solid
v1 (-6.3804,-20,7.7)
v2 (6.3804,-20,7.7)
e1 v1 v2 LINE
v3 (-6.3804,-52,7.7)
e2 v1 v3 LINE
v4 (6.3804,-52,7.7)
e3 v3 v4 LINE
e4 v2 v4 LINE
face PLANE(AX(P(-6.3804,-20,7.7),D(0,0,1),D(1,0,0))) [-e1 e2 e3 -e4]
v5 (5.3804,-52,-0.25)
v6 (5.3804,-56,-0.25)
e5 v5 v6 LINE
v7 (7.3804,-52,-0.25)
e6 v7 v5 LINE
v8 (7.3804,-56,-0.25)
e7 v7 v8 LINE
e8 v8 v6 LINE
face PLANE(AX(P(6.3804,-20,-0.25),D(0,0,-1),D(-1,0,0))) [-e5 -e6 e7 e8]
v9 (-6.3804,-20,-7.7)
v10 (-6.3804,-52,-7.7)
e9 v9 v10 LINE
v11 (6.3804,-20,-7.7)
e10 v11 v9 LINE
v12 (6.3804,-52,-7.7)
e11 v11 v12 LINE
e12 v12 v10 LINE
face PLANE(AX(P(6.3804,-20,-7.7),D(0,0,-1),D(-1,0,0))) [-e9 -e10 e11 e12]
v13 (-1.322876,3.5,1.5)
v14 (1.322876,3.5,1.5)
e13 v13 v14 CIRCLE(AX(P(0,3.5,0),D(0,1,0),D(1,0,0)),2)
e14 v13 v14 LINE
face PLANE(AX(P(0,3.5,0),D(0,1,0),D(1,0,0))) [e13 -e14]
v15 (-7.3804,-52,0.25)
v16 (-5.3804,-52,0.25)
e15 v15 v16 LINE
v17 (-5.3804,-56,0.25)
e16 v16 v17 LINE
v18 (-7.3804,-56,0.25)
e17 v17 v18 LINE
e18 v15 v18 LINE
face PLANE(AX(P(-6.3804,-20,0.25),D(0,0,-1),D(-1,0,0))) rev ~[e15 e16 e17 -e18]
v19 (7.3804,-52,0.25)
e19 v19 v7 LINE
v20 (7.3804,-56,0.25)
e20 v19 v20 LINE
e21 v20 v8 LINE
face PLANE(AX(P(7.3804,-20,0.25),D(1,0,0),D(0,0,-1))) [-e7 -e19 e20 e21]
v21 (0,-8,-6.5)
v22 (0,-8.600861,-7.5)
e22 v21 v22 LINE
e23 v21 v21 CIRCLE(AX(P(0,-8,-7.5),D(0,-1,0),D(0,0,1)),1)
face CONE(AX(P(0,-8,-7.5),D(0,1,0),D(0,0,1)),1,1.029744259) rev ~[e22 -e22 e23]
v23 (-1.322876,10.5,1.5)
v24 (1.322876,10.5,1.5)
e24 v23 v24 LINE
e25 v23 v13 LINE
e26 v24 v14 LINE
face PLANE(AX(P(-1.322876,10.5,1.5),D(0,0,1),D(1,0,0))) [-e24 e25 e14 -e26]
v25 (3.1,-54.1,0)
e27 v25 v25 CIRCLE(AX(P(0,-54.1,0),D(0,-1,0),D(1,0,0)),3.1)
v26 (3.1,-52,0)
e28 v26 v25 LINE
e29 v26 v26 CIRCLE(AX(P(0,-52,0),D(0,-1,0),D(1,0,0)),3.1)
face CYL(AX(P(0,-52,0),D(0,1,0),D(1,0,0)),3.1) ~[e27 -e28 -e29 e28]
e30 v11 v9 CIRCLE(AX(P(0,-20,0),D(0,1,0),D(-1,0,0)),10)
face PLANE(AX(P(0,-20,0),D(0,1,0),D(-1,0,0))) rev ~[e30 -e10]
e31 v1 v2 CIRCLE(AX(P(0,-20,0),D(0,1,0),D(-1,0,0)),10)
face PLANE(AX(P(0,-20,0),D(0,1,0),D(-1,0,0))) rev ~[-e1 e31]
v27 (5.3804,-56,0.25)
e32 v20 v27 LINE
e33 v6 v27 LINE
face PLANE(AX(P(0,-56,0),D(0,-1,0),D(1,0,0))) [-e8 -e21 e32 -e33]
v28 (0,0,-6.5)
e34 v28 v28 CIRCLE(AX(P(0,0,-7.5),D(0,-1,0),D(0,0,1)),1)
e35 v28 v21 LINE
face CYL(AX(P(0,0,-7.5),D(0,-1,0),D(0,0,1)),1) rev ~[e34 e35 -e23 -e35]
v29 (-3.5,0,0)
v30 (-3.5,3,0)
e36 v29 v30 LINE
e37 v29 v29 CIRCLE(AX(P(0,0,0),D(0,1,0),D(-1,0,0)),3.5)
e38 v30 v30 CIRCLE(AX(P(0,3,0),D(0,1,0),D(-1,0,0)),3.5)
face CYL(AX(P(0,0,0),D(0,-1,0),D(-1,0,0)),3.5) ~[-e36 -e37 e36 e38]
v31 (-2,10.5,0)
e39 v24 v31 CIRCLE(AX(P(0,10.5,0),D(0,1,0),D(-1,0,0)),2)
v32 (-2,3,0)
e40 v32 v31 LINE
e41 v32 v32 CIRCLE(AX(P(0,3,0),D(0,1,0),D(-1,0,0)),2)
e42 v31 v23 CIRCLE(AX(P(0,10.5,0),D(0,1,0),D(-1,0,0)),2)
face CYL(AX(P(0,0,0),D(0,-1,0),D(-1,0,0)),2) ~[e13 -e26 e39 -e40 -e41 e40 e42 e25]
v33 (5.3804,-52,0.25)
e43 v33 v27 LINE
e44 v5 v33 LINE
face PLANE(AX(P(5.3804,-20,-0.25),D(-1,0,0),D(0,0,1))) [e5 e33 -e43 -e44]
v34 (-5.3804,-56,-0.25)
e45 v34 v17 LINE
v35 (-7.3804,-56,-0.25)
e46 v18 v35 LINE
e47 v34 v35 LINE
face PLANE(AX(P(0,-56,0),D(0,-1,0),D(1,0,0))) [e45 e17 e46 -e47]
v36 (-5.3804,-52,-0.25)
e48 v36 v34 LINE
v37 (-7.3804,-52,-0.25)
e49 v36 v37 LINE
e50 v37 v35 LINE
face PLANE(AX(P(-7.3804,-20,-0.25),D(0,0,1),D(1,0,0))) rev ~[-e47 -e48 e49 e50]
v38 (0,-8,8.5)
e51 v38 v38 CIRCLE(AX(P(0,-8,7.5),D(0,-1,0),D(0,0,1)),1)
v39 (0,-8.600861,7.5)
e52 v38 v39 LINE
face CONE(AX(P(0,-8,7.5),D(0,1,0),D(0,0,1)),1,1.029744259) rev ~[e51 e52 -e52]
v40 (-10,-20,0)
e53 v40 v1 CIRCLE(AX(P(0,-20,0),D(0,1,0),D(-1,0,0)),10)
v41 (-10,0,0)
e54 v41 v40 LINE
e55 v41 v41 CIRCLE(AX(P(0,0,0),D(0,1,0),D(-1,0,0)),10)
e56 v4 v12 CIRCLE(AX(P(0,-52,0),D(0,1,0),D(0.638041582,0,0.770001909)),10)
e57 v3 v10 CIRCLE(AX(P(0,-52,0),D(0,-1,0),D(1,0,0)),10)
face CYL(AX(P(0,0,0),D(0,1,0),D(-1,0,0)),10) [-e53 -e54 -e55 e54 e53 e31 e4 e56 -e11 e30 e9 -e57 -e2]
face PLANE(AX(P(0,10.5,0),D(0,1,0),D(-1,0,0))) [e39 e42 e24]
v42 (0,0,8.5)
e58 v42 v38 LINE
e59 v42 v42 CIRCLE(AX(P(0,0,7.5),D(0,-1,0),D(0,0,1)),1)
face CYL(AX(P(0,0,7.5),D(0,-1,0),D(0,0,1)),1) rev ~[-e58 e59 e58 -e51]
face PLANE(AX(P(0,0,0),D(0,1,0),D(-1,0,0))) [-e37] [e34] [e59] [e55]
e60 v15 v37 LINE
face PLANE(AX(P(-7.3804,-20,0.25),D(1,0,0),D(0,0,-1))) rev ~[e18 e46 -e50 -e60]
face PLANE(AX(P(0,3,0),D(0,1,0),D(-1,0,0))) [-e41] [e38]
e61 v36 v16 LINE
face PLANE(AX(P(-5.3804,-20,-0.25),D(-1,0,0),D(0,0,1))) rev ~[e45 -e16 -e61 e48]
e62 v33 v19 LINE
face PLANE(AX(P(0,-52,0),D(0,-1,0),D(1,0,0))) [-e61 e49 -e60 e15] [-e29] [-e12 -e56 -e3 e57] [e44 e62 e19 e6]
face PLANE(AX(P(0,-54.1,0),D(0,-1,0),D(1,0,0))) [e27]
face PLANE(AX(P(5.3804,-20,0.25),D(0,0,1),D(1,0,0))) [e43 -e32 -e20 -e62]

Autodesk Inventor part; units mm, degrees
ref_plane "YZ Plane" through (0, 0, 0) normal (1, 0, 0) x (0, 1, 0)
ref_plane "XZ Plane" through (0, 0, 0) normal (0, 1, 0) x (-1, 0, 0)
ref_plane "XY Plane" through (0, 0, 0) normal (0, 0, 1) x (1, 0, 0)
sketch "Эскиз1" plane through (0, 0, 0) normal (0, 1, 0) x (-1, 0, 0)
  circle A0 centre (0, 0) radius 10
  circle A1 centre (0, 0) radius 3.5
  circle A2 centre (0, 0) radius 2
  dimension "d0" = 20
  dimension "d1" = 7
  dimension "d2" = 4
extrude "Выдавливание1" add sketch "Эскиз1" against normal blind 20 contours A0 | A1 | A2
extrude "Выдавливание2" add sketch "Эскиз1" along normal blind 3 contours A1
extrude "Выдавливание3" add sketch "Эскиз1" along normal blind 10.5 contours A2
sketch "Эскиз2" plane through (0, 10.5, 0) normal (0, 1, 0) x (1, 0, 0)
  circle A0 centre (0, 0) radius 2 projected
  circle A1 centre (0, 0) radius 2 projected
  circle A2 centre (0, 0) radius 3.5 projected
  line L0 (-3.1623, -1.5) -> (3.1623, -1.5)
  point P0 (0, 2)
  point P1 (0, 3.5)
  point P2 (1.3229, -1.5)
  point P3 (-1.3229, -1.5)
  dimension "d9" = 1.5
extrude "Выдавливание4" cut sketch "Эскиз2" against normal blind 7 contours L0 A0 picked at (0.3089, -1.5908)
sketch "Эскиз3" plane through (0, -20, 0) normal (0, -1, 0) x (1, 0, 0)
  line L0 (6.3804, -7.7) -> (-6.3804, -7.7)
  line L1 (-6.3804, -7.7) -> (-6.3804, 7.7)
  line L2 (-6.3804, 7.7) -> (6.3804, 7.7)
  line L3 (6.3804, 7.7) -> (6.3804, -7.7)
  circle A0 centre (0, 0) radius 10 projected
  arc A1 (6.3804, -7.7) -> (6.3804, 7.7) centre (0, 0) ccw
  arc A2 (-6.3804, 7.7) -> (-6.3804, -7.7) centre (0, 0) ccw
  line L4 (5.3804, 0.25) -> (7.3804, 0.25)
  line L5 (7.3804, 0.25) -> (7.3804, -0.25)
  line L6 (7.3804, -0.25) -> (5.3804, -0.25)
  line L7 (5.3804, -0.25) -> (5.3804, 0.25)
  line L8 (5.3804, 0.25) -> (7.3804, -0.25) construction
  line L9 (0, -7.7) -> (0, 7.7) construction
  line L10 (-5.3804, 0.25) -> (-7.3804, 0.25)
  line L11 (-7.3804, 0.25) -> (-7.3804, -0.25)
  line L12 (-7.3804, -0.25) -> (-5.3804, -0.25)
  line L13 (-5.3804, -0.25) -> (-5.3804, 0.25)
  point P0 (6.3804, 0)
  point P1 (-6.3804, -7.7)
  dimension "d12" = 15.4
  dimension "d13" = 2
  dimension "d14" = 0.5
extrude "Выдавливание5" add sketch "Эскиз3" along normal blind 36 contours L6 L7 L4 L3 | L3 L4 L5 L6 | L12 L11 L10 L1 | L1 L10 L13 L12
extrude "Выдавливание6" add sketch "Эскиз3" along normal blind 32 contours L0 L1 L12 L13 L10 L2 L3 L4 L7 L6 | L3 L6 L5 L4 A0 | A0 L1 L10 L11 L12
sketch "Эскиз4" plane through (0, -52, 0) normal (0, -1, 0) x (1, 0, 0)
  circle A0 centre (0, 0) radius 2 projected
  circle A1 centre (0, 0) radius 3.1
  dimension "d19" = 6.2
extrude "Выдавливание7" add sketch "Эскиз4" along normal blind 2.1 contours A0 | A1
sketch "Эскиз5" plane through (0, 0, 0) normal (0, 1, 0) x (1, 0, 0)
  circle A0 centre (0, 0) radius 10 construction
  line L0 (0, 10) -> (0, -10) construction
  circle A1 centre (0, 7.5) radius 1
  circle A2 centre (0, -7.5) radius 1
  dimension "d22" = 7.5
  dimension "d23" = 15
  dimension "d24" = 2
hole "Отверстие1" at (0, 0, 7.5) direction (0, -1, 0) diameter 2 depth 8 tip angle 118
hole "Отверстие2" at (0, 0, -7.5) direction (0, -1, 0) diameter 2 depth 8 tip angle 118
properties part number "motor20"
